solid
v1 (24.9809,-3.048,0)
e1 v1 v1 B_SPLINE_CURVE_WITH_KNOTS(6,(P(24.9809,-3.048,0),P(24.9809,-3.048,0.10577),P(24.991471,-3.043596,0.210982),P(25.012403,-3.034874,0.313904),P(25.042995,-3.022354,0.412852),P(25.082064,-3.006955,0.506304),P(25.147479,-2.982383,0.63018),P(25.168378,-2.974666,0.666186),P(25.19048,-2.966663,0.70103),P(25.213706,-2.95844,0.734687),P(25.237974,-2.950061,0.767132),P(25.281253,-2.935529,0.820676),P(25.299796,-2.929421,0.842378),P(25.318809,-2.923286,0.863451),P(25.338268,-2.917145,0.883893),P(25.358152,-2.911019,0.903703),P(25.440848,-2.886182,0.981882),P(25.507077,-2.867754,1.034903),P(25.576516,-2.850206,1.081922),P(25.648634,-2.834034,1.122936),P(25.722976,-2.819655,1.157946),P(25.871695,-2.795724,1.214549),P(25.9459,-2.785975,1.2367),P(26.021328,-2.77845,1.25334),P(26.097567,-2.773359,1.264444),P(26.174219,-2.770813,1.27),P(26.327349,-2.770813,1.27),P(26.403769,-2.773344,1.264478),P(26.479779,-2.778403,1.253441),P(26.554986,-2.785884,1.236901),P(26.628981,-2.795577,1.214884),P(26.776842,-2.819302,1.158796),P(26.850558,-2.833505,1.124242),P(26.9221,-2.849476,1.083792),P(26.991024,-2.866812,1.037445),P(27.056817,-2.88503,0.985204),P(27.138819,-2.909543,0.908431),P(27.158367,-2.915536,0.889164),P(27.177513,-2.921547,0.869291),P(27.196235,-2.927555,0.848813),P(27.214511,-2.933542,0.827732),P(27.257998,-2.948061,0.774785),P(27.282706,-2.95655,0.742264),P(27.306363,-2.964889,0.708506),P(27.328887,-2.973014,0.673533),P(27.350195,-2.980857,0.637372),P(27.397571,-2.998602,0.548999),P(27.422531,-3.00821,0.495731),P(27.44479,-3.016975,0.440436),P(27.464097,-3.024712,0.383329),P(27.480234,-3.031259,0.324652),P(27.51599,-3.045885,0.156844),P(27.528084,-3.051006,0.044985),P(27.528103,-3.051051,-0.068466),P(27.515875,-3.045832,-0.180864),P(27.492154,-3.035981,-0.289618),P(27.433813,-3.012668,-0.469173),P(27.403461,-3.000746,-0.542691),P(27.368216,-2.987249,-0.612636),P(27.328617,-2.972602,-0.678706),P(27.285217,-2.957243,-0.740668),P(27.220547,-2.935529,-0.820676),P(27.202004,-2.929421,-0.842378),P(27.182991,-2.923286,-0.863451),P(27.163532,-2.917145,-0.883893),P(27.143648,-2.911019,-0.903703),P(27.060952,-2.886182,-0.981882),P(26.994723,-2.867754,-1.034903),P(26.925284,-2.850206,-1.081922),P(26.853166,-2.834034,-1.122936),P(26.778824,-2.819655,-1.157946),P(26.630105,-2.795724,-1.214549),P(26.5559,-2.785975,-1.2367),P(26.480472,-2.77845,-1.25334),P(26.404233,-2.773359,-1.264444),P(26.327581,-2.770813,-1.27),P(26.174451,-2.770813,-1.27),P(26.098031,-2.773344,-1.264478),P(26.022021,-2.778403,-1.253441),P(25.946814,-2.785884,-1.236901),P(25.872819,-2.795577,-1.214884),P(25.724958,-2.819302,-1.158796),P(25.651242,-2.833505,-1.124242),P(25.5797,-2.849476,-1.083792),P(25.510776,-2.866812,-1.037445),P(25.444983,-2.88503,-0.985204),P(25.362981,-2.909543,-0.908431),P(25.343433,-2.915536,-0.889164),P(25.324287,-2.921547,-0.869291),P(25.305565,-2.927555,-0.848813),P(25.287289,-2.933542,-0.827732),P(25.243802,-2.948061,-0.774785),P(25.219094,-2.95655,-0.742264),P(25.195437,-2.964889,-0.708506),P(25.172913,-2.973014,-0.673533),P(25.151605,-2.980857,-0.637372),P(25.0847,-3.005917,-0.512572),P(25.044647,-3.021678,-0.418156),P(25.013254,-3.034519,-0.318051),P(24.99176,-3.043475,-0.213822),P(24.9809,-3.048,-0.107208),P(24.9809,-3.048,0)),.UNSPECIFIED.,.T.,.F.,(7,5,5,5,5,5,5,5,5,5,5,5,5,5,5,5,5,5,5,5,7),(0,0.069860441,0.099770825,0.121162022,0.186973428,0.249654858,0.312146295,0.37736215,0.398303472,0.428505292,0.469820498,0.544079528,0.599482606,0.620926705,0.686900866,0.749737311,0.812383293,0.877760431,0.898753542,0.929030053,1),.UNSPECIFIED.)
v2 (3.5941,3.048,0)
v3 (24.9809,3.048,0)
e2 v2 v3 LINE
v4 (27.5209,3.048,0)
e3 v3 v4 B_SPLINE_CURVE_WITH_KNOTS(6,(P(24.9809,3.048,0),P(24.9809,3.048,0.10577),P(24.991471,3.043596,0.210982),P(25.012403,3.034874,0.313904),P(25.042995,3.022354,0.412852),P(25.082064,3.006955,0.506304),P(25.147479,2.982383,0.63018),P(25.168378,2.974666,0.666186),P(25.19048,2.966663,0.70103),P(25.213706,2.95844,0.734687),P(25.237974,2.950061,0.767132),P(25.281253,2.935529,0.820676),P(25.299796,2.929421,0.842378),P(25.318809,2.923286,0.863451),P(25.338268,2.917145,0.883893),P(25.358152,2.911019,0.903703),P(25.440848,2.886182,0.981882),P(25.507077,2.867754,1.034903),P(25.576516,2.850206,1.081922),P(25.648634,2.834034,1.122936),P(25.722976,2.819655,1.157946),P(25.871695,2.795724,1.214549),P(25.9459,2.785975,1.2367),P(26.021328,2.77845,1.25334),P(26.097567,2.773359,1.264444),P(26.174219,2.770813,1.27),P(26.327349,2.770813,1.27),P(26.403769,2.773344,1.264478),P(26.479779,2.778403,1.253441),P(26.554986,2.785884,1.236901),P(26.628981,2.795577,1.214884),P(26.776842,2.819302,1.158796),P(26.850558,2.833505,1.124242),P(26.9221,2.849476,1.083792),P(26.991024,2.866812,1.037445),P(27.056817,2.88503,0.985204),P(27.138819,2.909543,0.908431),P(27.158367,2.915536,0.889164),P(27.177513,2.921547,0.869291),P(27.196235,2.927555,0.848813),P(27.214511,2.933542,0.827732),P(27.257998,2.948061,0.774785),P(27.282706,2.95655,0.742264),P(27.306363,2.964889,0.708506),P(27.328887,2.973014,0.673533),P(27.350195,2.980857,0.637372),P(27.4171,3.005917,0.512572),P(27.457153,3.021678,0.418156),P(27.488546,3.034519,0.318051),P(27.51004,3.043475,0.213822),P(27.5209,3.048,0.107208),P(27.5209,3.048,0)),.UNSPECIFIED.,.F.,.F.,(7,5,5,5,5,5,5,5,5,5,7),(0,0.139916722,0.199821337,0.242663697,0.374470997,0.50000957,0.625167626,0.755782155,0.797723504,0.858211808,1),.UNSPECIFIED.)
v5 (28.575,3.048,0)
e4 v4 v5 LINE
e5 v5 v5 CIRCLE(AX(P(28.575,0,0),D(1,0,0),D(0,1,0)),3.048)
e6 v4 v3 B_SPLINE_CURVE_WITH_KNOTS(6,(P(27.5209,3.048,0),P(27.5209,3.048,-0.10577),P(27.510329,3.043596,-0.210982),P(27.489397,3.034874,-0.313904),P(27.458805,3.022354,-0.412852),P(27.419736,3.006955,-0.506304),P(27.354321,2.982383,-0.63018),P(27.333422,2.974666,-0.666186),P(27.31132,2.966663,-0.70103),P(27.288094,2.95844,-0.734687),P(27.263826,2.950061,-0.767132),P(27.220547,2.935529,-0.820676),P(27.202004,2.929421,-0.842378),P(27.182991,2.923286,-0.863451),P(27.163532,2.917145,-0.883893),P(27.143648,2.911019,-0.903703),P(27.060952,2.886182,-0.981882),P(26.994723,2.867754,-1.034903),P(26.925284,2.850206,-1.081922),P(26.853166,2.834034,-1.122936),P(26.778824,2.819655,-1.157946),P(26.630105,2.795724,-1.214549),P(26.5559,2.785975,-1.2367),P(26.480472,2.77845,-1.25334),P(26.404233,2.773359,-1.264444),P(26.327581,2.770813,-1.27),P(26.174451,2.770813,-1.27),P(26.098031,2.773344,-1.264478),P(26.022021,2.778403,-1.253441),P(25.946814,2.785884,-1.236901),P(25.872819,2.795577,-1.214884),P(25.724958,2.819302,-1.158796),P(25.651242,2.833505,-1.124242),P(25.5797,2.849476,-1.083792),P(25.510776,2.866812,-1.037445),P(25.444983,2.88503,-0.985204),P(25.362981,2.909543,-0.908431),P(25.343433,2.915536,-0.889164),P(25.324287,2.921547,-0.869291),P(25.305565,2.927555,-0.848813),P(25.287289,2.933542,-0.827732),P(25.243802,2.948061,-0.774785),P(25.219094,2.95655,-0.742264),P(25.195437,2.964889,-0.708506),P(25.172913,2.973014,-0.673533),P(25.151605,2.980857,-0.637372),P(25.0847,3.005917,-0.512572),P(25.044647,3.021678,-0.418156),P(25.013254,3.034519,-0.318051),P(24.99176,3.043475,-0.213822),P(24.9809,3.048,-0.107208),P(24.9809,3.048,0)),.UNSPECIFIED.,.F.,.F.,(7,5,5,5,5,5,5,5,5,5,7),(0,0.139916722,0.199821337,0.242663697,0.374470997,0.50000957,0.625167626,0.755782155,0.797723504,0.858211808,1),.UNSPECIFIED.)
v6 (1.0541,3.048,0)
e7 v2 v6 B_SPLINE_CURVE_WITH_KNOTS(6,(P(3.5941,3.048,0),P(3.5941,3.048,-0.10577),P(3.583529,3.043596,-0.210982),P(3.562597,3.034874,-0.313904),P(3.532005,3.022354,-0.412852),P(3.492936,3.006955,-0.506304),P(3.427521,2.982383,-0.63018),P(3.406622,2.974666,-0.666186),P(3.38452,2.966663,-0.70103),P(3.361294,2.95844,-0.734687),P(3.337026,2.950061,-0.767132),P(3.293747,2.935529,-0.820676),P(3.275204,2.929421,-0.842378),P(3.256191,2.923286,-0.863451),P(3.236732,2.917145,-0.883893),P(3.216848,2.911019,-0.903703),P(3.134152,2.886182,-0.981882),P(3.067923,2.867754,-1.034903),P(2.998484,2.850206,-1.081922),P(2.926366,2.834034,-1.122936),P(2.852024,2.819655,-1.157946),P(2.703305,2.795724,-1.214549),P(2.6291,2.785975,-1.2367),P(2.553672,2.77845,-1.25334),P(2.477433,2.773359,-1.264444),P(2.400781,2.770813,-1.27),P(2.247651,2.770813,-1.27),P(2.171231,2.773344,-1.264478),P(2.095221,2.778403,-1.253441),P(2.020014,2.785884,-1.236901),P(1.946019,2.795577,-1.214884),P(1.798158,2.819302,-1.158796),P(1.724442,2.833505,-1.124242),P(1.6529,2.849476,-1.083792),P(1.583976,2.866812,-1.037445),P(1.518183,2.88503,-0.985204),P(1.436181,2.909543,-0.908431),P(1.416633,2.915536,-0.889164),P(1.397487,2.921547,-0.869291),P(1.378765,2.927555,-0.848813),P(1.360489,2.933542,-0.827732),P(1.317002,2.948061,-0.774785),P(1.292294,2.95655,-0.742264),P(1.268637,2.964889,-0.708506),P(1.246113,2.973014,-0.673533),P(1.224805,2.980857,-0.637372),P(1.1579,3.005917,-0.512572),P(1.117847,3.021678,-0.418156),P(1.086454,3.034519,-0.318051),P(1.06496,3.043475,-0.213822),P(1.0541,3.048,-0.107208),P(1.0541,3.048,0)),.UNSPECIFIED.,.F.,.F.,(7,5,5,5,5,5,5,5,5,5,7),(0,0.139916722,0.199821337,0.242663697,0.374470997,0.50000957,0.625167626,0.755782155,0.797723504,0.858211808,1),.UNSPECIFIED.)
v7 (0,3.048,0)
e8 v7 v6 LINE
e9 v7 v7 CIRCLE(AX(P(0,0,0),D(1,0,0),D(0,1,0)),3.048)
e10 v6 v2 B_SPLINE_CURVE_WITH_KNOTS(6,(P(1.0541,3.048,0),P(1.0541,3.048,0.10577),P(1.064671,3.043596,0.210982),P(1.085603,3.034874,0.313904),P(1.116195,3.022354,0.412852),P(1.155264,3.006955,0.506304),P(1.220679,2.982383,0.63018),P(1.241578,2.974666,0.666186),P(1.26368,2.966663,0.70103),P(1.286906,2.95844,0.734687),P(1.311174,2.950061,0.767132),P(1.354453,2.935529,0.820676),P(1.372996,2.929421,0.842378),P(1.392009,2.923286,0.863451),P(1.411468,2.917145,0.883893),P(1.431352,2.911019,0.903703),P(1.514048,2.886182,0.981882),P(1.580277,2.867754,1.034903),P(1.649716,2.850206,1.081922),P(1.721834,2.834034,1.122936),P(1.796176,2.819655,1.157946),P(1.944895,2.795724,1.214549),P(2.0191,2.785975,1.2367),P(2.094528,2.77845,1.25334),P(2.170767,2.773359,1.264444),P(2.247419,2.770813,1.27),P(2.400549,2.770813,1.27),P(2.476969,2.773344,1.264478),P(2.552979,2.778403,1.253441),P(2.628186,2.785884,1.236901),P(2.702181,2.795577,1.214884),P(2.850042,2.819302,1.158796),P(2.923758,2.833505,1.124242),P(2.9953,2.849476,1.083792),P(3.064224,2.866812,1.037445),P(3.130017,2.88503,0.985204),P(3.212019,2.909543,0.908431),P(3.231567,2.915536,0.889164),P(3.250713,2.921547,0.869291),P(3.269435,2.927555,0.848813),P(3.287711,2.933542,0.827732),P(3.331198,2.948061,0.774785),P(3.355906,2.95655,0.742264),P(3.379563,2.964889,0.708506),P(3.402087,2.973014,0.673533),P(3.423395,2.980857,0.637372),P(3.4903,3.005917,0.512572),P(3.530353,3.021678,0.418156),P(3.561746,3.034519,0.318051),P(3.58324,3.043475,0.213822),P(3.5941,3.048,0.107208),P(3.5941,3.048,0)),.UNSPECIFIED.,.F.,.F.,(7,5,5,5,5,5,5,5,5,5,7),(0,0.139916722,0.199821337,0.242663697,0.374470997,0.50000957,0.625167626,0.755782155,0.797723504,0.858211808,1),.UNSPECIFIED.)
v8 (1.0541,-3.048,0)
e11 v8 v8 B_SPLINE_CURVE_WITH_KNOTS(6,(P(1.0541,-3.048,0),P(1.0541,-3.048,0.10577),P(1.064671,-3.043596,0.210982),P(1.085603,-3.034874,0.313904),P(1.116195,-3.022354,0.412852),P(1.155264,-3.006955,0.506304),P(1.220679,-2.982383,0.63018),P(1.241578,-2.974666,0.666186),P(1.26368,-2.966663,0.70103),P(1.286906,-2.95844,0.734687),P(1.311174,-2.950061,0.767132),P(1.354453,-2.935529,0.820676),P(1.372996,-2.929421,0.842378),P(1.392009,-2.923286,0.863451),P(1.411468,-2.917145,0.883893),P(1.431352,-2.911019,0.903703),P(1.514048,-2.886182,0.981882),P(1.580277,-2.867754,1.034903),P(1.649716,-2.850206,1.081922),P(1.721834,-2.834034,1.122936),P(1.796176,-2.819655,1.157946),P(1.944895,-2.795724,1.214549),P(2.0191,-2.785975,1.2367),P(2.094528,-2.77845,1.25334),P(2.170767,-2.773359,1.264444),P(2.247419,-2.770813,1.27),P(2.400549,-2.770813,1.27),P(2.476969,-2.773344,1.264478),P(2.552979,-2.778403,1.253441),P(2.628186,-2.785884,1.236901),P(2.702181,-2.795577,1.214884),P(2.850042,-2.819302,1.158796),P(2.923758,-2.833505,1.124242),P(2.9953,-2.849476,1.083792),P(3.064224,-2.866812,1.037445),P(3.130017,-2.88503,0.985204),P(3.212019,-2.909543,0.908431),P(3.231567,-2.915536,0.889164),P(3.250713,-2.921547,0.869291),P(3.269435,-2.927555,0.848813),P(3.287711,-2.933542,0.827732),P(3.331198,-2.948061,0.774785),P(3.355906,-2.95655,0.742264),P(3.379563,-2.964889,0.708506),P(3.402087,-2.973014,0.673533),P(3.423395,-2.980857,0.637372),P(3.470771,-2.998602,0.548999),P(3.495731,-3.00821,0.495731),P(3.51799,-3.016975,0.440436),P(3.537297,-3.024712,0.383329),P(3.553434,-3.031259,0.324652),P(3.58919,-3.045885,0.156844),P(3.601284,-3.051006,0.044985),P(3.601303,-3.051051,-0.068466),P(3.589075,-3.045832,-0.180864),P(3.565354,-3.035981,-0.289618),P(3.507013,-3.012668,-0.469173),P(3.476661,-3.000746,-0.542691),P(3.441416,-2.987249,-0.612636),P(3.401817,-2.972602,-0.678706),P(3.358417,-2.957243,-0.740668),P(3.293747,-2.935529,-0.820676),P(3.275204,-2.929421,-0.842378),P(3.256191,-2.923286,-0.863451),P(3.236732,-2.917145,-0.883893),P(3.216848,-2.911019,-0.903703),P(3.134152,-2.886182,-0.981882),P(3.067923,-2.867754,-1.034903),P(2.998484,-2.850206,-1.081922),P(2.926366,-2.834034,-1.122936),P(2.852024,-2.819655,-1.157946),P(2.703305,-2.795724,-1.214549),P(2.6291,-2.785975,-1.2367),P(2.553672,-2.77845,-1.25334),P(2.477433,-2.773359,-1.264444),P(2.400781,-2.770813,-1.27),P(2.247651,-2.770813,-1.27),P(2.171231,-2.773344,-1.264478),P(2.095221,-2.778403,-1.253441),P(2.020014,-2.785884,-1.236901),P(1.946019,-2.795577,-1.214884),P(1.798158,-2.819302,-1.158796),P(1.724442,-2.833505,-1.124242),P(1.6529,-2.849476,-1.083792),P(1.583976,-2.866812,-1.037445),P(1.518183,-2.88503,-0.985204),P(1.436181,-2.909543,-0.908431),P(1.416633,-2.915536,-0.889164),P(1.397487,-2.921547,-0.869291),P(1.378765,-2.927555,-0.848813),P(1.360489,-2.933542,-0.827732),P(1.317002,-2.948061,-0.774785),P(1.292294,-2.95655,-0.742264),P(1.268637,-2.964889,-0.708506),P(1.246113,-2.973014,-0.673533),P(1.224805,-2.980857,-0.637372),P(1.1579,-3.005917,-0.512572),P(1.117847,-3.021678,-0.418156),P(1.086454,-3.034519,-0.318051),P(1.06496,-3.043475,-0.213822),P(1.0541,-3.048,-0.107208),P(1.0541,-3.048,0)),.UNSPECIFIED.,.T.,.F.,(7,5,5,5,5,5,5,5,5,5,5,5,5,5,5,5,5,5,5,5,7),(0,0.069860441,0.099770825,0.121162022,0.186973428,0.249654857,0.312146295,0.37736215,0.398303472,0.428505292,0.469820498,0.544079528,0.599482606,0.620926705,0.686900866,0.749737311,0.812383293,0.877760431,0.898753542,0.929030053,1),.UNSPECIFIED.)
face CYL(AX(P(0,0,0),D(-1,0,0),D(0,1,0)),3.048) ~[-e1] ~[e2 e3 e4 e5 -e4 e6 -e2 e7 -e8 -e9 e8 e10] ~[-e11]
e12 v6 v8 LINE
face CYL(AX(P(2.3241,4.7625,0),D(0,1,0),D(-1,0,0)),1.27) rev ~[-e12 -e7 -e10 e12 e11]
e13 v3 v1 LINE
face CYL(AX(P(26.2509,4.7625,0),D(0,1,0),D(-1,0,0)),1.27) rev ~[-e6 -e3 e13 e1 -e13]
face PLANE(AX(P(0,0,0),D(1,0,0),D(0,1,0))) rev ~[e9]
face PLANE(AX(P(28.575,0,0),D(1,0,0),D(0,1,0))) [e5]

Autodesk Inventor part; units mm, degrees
ref_plane "YZ Plane" through (0, 0, 0) normal (1, 0, 0) x (0, 1, 0)
ref_plane "XY Plane" through (0, 0, 0) normal (0, 0, 1) x (1, 0, 0)
sketch "Sketch1" plane through (0, 0, 0) normal (1, 0, 0) x (0, 1, 0)
  circle A0 centre (0, 0) radius 3.048
  dimension "d0" = 6.096
extrude "Extrusion1" add sketch "Sketch1" along normal blind 28.575
ref_plane "Work Plane1" through (0, 4.7625, 0) normal (0, 1, 0) x (-1, 0, 0)
sketch "Sketch2" plane through (0, 4.7625, 0) normal (0, 1, 0) x (-1, 0, 0)
  line L0 (0, 0) -> (-28.575, 0)
  line L1 (-28.575, 3.048) -> (-28.575, -3.048) projected
  line L2 (-14.2875, 0) -> (-26.2509, 0)
  line L3 (-26.2509, 0) -> (-24.7932, 0)
  line L4 (-14.2875, 0) -> (-2.3241, 0)
  circle A0 centre (-26.2509, 0) radius 1.27
  circle A1 centre (-2.3241, 0) radius 1.27
  dimension "d4" = 11.9634
  dimension "d5" = 11.9634
  dimension "d6" = 2.54
  dimension "d9" = 2.54
extrude "Extrusion2" cut sketch "Sketch2" against normal blind 25.4
properties part number "Wrist Pin"
